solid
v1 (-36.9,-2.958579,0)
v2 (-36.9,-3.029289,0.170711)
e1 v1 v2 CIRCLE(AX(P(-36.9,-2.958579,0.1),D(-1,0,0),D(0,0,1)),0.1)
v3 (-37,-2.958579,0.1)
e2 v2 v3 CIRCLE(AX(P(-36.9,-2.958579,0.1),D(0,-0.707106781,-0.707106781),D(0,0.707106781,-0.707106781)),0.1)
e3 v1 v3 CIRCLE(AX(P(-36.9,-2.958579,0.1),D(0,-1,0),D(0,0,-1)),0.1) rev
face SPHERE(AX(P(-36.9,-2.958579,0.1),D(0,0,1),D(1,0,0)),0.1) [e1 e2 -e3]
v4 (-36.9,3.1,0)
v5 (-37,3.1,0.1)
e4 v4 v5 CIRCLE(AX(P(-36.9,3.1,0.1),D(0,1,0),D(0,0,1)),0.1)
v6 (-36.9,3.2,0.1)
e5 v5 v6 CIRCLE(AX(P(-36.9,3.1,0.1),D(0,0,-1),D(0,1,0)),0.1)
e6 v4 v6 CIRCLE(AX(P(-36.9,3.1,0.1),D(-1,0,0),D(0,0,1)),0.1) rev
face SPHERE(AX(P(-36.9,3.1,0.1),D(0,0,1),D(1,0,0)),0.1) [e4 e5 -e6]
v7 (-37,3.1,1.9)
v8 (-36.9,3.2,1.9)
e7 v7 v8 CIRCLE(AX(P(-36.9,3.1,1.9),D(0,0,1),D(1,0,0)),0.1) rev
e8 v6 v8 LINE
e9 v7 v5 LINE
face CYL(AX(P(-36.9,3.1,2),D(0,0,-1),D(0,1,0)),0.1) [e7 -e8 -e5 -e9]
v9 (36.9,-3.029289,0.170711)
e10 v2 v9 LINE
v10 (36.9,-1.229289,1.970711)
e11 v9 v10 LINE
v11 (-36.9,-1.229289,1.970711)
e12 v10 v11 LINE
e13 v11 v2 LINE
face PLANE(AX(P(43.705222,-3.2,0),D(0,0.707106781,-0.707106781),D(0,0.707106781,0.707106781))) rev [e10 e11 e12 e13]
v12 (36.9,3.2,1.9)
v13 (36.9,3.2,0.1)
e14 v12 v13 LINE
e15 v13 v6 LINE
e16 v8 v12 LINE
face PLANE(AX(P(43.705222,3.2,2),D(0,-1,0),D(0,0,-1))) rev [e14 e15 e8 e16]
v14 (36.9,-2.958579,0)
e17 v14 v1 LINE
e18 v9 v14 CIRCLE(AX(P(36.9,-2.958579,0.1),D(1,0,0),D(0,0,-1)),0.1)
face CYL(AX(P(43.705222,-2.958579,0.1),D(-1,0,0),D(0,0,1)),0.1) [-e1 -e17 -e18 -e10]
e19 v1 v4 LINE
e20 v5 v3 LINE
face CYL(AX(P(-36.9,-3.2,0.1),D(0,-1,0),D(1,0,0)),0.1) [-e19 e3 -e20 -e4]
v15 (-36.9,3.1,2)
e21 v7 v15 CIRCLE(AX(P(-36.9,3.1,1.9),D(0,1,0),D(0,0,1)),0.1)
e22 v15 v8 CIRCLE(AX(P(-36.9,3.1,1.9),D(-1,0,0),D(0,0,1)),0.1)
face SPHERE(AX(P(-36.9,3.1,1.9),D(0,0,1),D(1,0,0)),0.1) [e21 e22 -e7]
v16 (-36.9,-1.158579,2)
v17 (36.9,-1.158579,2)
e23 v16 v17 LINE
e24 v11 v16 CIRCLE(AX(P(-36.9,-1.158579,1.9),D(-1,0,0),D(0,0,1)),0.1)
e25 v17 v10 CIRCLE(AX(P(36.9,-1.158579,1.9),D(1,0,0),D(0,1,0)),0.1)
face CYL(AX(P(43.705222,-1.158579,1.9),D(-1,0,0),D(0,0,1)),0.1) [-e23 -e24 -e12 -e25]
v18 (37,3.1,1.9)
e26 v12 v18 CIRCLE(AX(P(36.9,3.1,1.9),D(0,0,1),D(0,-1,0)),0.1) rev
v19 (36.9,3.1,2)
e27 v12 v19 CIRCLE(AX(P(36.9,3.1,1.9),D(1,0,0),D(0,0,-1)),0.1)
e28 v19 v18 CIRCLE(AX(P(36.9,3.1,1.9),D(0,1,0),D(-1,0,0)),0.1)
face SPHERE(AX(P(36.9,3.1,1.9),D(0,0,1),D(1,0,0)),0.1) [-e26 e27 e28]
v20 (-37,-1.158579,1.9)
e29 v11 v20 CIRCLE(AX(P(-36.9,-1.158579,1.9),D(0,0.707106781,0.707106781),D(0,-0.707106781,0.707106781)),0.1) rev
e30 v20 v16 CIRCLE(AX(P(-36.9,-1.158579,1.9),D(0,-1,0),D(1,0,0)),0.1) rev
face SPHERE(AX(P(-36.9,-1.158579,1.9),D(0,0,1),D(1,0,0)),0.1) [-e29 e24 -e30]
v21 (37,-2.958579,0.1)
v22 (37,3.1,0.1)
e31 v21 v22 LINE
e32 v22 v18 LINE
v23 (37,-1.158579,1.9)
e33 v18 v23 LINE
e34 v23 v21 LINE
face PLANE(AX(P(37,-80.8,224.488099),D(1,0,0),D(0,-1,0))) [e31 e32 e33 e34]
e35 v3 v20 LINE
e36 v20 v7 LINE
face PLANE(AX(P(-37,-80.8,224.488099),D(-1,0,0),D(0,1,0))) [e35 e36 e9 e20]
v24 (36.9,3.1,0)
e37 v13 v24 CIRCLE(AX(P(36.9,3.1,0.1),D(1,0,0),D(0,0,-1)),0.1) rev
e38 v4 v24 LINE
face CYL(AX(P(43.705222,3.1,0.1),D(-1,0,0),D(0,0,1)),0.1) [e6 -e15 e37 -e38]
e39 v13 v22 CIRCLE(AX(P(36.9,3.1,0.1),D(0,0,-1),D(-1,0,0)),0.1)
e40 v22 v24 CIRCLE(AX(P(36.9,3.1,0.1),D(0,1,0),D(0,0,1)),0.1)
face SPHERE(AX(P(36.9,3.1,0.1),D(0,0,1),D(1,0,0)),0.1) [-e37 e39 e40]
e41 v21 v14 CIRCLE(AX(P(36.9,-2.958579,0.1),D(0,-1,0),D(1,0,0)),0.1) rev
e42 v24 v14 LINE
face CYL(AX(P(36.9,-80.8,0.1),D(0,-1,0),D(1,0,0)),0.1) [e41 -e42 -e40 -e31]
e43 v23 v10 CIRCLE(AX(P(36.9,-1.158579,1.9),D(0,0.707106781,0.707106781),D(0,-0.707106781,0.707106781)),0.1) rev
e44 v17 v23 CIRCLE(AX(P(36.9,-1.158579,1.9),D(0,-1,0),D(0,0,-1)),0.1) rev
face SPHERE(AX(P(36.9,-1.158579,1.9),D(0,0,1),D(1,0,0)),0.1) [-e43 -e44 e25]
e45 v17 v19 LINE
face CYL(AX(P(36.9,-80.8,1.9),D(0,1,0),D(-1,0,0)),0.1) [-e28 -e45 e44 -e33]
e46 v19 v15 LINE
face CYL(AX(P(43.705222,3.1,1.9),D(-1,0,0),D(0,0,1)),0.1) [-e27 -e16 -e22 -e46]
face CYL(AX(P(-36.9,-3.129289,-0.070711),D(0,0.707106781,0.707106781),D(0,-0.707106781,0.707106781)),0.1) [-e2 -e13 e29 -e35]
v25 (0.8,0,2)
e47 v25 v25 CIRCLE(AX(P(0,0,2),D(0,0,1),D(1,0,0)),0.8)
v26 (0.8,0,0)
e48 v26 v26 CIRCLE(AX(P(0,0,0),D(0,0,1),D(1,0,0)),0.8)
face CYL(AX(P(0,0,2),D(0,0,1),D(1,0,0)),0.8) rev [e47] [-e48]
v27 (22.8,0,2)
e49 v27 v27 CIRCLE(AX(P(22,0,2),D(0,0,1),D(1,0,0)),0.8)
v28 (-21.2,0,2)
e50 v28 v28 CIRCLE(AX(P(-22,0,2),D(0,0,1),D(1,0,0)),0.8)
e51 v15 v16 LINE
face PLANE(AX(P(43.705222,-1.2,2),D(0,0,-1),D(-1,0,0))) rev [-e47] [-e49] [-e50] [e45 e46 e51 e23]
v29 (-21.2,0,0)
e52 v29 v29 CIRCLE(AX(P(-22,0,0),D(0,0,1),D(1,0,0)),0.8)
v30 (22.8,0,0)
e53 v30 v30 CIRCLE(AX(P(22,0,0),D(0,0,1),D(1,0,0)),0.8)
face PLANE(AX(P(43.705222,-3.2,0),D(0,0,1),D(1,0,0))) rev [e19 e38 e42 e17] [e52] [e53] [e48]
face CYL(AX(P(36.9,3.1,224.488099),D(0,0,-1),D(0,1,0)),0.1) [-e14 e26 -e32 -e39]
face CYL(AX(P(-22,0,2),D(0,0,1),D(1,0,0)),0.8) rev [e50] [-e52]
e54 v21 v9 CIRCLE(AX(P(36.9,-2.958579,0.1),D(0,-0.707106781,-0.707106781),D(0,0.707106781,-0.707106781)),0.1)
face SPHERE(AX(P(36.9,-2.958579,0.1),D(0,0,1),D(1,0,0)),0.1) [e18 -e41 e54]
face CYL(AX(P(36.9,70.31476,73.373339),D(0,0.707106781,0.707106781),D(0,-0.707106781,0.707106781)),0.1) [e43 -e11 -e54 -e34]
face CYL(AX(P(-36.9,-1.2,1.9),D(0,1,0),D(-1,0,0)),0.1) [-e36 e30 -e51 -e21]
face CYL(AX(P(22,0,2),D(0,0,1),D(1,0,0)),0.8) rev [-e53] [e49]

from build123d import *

# Parameters (mm, degrees)
BOSS_EXTRUDE1_DEPTH      = 37
BOSS_EXTRUDE1_DEPTH_BACK = 37
FILLET1_R                = 0.1
M2X0_4_TAPPED_HOLE1_D    = 1.6


with BuildPart() as part:
    # Sketch1 → Boss-Extrude1 (new, two sides: drawn at the far end of the back side and taken through both)
    with BuildSketch(Plane(origin=(0, 0, 0), x_dir=(0, 0, -1), z_dir=(1, 0, 0)).offset(-BOSS_EXTRUDE1_DEPTH_BACK)):
        Polygon((0, -3.2), (-2, -1.2), (-2, 3.2), (0, 3.2), align=None)
    extrude(amount=BOSS_EXTRUDE1_DEPTH + BOSS_EXTRUDE1_DEPTH_BACK)

    # Fillet1
    fillet1_edges = [part.edges().sort_by_distance(p)[0] for p in [
        (-37, -2.2, 1),
        (-37, 0, 0),
        (0, 3.2, 2),
        (0, -1.2, 2),
        (37, -2.2, 1),
        (37, 0, 0),
        (37, 3.2, 1),
        (37, 1, 2),
        (0, -3.2, 0),
        (0, 3.2, 0),
        (-37, 3.2, 1),
        (-37, 1, 2),
    ]]
    fillet(fillet1_edges, radius=FILLET1_R)

    # M2x0.4 Tapped Hole1 (through all)
    with Locations(Plane.XY.offset(2)):
        with Locations((22, 0), (0, 0), (-22, 0)):
            Hole(M2X0_4_TAPPED_HOLE1_D / 2)


solid = part.part
